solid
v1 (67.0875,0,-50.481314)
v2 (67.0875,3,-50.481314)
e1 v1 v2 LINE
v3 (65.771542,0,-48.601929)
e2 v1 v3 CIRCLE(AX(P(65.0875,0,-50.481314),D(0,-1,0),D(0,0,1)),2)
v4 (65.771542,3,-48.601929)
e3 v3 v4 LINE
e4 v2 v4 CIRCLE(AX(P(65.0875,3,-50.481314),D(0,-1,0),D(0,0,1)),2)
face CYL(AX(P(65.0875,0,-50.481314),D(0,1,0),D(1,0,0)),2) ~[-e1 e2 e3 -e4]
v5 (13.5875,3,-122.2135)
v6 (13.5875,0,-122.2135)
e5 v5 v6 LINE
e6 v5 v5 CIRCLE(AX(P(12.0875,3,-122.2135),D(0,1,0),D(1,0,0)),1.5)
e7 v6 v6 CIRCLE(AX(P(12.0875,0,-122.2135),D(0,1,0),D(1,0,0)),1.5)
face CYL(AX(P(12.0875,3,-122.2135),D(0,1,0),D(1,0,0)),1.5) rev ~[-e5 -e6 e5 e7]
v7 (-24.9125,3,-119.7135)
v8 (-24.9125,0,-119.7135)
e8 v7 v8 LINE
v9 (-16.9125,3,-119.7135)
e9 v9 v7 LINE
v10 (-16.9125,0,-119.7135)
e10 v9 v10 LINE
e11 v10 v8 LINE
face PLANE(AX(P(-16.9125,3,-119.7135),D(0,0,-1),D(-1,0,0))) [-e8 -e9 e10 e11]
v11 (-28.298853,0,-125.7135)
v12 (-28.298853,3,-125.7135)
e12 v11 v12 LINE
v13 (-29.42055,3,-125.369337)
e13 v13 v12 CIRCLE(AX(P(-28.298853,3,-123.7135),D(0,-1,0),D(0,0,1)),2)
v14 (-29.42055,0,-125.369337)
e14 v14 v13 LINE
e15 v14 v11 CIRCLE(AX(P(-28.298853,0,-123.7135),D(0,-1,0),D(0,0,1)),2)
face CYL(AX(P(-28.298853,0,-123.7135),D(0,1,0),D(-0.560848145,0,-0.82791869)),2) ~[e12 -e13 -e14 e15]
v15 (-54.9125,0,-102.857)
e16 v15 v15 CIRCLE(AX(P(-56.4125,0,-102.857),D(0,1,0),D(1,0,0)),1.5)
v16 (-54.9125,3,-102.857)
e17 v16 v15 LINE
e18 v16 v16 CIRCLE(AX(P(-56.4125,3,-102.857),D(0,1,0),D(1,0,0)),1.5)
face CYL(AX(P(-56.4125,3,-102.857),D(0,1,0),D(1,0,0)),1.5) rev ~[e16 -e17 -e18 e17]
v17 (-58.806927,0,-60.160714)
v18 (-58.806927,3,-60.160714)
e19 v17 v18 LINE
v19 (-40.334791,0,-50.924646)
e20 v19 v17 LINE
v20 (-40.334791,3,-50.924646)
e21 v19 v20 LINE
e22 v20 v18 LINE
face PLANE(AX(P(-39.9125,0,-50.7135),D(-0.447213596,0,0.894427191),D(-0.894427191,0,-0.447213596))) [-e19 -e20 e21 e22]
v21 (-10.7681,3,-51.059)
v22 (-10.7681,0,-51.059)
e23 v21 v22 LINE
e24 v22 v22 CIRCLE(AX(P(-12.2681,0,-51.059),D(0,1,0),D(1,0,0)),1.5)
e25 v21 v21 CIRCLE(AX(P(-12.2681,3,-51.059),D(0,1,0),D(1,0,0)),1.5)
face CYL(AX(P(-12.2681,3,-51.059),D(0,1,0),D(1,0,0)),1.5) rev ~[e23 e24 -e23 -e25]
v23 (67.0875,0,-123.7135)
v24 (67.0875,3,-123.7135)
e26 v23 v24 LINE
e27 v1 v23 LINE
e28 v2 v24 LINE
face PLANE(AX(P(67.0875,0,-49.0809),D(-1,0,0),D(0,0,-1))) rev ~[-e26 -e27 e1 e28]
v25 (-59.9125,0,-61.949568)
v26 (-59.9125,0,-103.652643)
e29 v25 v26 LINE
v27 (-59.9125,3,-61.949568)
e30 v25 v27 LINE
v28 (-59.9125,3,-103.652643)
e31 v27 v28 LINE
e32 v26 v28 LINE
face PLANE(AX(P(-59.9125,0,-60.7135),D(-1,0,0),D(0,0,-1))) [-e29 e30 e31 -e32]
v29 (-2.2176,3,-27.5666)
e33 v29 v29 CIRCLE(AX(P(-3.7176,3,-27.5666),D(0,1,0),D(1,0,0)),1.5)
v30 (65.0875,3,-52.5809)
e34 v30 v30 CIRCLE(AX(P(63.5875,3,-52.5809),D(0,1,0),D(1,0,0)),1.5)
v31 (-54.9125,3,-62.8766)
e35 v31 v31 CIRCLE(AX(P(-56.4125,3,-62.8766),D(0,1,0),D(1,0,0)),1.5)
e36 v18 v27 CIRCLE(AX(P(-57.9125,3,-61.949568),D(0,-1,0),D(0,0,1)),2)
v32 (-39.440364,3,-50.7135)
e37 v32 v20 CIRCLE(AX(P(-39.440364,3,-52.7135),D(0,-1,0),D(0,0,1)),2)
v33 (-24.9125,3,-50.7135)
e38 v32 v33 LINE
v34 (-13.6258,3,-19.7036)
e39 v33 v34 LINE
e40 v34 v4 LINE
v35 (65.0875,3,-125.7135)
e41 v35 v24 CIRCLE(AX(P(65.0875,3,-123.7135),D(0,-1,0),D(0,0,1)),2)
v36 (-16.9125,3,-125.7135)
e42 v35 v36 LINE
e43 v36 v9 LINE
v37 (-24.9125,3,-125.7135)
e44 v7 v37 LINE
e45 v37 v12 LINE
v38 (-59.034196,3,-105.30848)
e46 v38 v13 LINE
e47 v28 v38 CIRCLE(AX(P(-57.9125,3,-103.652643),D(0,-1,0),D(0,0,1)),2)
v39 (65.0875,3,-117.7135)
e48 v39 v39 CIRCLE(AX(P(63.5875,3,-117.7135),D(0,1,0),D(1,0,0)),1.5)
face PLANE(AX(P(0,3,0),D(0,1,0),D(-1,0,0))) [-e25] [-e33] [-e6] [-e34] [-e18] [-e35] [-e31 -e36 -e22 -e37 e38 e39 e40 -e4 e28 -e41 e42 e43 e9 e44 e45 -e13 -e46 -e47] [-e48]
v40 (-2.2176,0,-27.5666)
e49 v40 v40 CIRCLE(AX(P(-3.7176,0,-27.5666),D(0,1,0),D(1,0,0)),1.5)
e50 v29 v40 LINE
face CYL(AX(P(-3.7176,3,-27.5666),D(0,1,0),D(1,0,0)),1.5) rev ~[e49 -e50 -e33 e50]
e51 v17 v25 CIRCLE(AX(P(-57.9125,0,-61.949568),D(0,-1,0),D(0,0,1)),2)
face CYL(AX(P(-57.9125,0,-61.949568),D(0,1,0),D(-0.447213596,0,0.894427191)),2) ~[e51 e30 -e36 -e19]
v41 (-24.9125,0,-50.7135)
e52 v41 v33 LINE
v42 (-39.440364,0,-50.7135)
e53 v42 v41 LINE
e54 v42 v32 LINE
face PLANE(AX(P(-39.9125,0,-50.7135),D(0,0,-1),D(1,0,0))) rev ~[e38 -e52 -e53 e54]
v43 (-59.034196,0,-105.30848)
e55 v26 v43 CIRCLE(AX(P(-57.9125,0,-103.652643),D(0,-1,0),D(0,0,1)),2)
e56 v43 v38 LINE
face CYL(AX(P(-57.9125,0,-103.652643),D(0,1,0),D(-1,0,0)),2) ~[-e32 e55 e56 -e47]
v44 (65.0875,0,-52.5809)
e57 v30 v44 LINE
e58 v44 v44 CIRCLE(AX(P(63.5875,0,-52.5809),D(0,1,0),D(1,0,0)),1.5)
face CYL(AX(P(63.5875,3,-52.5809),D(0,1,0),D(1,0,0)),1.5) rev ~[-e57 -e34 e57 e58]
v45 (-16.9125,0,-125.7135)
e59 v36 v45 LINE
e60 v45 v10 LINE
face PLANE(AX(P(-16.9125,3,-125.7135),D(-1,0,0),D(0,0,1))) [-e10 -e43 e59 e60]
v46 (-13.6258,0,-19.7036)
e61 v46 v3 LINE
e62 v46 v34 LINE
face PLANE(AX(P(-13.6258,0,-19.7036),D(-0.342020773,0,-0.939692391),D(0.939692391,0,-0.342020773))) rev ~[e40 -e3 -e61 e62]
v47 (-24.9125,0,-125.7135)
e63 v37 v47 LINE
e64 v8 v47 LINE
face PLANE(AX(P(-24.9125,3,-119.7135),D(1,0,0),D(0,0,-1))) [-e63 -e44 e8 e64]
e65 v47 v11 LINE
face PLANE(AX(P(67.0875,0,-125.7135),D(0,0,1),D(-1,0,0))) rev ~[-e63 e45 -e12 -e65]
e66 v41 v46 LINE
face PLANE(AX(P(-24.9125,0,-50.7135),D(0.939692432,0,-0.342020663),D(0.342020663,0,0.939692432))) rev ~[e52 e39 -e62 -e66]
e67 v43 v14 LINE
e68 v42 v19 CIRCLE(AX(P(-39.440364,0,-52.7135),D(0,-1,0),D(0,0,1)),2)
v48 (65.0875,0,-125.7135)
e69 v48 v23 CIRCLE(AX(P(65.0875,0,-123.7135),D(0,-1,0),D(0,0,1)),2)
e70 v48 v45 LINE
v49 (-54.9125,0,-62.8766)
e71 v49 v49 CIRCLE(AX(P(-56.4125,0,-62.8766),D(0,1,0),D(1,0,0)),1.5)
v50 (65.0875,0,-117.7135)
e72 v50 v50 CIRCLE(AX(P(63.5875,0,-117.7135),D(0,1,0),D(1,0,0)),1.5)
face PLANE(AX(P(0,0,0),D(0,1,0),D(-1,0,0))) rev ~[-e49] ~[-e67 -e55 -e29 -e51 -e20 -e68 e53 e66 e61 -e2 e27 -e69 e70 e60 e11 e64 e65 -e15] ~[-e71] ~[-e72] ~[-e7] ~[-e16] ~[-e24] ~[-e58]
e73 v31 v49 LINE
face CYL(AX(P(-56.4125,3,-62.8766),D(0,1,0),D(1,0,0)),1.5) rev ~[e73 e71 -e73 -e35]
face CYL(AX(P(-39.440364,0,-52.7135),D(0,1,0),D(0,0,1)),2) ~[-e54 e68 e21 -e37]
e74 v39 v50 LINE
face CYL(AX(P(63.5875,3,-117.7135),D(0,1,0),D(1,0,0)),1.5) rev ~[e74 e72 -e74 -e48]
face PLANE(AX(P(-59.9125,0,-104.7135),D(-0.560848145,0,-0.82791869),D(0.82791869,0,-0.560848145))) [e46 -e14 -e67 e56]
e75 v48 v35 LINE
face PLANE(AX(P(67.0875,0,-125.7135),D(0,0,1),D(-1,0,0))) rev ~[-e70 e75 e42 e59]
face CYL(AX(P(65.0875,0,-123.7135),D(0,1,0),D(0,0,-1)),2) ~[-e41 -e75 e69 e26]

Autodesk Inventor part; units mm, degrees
ref_plane "YZ Plane" through (0, 0, 0) normal (1, 0, 0) x (0, 1, 0)
ref_plane "XZ Plane" through (0, 0, 0) normal (0, 1, 0) x (-1, 0, 0)
ref_plane "XY Plane" through (0, 0, 0) normal (0, 0, 1) x (1, 0, 0)
sketch "Sketch8" plane through (0, 0, 0) normal (0, 1, 0) x (-1, 0, 0)
  line L0 (-67.0875, -125.7135) -> (28.9125, -125.7135)
  line L1 (24.9125, -50.7135) -> (13.6258, -19.7036)
  line L2 (39.9125, -50.7135) -> (24.9125, -50.7135)
  line L3 (-67.0875, -49.0809) -> (-67.0875, -125.7135)
  line L4 (13.6258, -19.7036) -> (-67.0875, -49.0809)
  line L5 (39.9125, -50.7135) -> (59.9125, -60.7135)
  line L6 (59.9125, -104.7135) -> (28.9125, -125.7135)
  line L7 (59.9125, -60.7135) -> (59.9125, -104.7135)
  dimension "d129" = 31
  dimension "d131" = 21
  dimension "d147" = 10
  dimension "d154" = 20
  dimension "d155" = 15
  dimension "d162" = 33
  dimension "d163" = 110
  dimension "d164" = 96
  dimension "d183" = 44
extrude "Extrusion9" add sketch "Sketch8" along normal blind 3
sketch "Sketch9" plane through (0, 3, 0) normal (0, 1, 0) x (1, 0, 0)
  circle A0 centre (63.5875, 117.7135) radius 1.5
  circle A1 centre (-56.4125, 102.857) radius 1.5
  circle A2 centre (-56.4125, 62.8766) radius 1.5
  circle A3 centre (-3.7176, 27.5666) radius 1.5
  circle A4 centre (-12.2681, 51.059) radius 1.5
  line L0 (-24.9125, 50.7135) -> (-13.6258, 19.7036) projected
  line L1 (-13.6258, 19.7036) -> (67.0875, 49.0809) projected
  line L2 (67.0875, 49.0809) -> (67.0875, 125.7135) projected
  line L3 (67.0875, 125.7135) -> (-28.9125, 125.7135) projected
  line L4 (-28.9125, 125.7135) -> (-59.9125, 104.7135) projected
  line L5 (-59.9125, 104.7135) -> (-59.9125, 60.7135) projected
  line L6 (-59.9125, 60.7135) -> (-39.9125, 50.7135) projected
  line L7 (-39.9125, 50.7135) -> (-24.9125, 50.7135) projected
  line L8 (-56.4125, 102.857) -> (-27.8386, 122.2135) construction
  line L9 (-27.8386, 122.2135) -> (63.5875, 122.2135) construction
  line L10 (63.5875, 122.2135) -> (63.5875, 51.5316) construction
  line L11 (63.5875, 51.5316) -> (-11.534, 24.1896) construction
  line L12 (-11.534, 24.1896) -> (-22.4618, 54.2135) construction
  line L13 (-22.4618, 54.2135) -> (-39.0863, 54.2135) construction
  line L14 (-39.0863, 54.2135) -> (-56.4125, 62.8766) construction
  line L15 (-56.4125, 62.8766) -> (-56.4125, 102.857) construction
  line L16 (-39.9125, 50.7135) -> (-24.9125, 50.7135) construction
  line L17 (-24.9125, 50.7135) -> (-21.6236, 51.9106) construction
  circle A5 centre (63.5875, 52.5809) radius 1.5
  line L18 (-24.9125, 50.7135) -> (-13.6258, 19.7036) construction
  line L19 (-23.5444, 46.9547) -> (-12.2681, 51.059) construction
  circle A6 centre (12.0875, 122.2135) radius 1.5
  point P0 (0, 0)
  dimension "d135" = 3
  dimension "d136" = 3
  dimension "d137" = 3
  dimension "d165" = 3
  dimension "d166" = 3
  dimension "d169" = 3.5
  dimension "d185" = 3
  dimension "d186" = 3.5
  dimension "d187" = 3.5
  dimension "d191" = 12
  dimension "d193" = 4
  dimension "d194" = 12
  dimension "d195" = 4
  dimension "d204" = 8
  dimension "d205" = 3
  dimension "d206" = 55
extrude "Extrusion10" cut sketch "Sketch9" against normal through all contours A0 | A1 | A2 | A3 | A4 | A5 | A6
sketch "Sketch10" plane through (0, 3, 0) normal (0, 1, 0) x (1, 0, 0)
  line L0 (-28.9125, 125.7135) -> (-59.9125, 104.7135) projected
  line L1 (67.0875, 125.7135) -> (-28.9125, 125.7135) projected
  line L2 (-24.9125, 125.7135) -> (-16.9125, 125.7135)
  line L3 (-16.9125, 125.7135) -> (-16.9125, 119.7135)
  line L4 (-16.9125, 119.7135) -> (-24.9125, 119.7135)
  line L5 (-24.9125, 119.7135) -> (-24.9125, 125.7135)
  point P0 (-17.0619, -65.3949)
  dimension "d179" = 4
  dimension "d180" = 6
  dimension "d181" = 8
extrude "Extrusion11" cut sketch "Sketch10" against normal through all
fillet "Fillet1" radius 2 1 edges at (-39.9125, 1.5, -50.7135)
fillet "Fillet2" radius 2 1 edges at (-59.9125, 1.5, -60.7135)
fillet "Fillet3" radius 2 1 edges at (-59.9125, 1.5, -104.7135)
fillet "Fillet4" radius 2 1 edges at (-28.9125, 1.5, -125.7135)
fillet "Fillet5" radius 2 1 edges at (67.0875, 1.5, -125.7135)
fillet "Fillet6" radius 2 1 edges at (67.0875, 1.5, -49.0809)
properties part number "k2_base"
